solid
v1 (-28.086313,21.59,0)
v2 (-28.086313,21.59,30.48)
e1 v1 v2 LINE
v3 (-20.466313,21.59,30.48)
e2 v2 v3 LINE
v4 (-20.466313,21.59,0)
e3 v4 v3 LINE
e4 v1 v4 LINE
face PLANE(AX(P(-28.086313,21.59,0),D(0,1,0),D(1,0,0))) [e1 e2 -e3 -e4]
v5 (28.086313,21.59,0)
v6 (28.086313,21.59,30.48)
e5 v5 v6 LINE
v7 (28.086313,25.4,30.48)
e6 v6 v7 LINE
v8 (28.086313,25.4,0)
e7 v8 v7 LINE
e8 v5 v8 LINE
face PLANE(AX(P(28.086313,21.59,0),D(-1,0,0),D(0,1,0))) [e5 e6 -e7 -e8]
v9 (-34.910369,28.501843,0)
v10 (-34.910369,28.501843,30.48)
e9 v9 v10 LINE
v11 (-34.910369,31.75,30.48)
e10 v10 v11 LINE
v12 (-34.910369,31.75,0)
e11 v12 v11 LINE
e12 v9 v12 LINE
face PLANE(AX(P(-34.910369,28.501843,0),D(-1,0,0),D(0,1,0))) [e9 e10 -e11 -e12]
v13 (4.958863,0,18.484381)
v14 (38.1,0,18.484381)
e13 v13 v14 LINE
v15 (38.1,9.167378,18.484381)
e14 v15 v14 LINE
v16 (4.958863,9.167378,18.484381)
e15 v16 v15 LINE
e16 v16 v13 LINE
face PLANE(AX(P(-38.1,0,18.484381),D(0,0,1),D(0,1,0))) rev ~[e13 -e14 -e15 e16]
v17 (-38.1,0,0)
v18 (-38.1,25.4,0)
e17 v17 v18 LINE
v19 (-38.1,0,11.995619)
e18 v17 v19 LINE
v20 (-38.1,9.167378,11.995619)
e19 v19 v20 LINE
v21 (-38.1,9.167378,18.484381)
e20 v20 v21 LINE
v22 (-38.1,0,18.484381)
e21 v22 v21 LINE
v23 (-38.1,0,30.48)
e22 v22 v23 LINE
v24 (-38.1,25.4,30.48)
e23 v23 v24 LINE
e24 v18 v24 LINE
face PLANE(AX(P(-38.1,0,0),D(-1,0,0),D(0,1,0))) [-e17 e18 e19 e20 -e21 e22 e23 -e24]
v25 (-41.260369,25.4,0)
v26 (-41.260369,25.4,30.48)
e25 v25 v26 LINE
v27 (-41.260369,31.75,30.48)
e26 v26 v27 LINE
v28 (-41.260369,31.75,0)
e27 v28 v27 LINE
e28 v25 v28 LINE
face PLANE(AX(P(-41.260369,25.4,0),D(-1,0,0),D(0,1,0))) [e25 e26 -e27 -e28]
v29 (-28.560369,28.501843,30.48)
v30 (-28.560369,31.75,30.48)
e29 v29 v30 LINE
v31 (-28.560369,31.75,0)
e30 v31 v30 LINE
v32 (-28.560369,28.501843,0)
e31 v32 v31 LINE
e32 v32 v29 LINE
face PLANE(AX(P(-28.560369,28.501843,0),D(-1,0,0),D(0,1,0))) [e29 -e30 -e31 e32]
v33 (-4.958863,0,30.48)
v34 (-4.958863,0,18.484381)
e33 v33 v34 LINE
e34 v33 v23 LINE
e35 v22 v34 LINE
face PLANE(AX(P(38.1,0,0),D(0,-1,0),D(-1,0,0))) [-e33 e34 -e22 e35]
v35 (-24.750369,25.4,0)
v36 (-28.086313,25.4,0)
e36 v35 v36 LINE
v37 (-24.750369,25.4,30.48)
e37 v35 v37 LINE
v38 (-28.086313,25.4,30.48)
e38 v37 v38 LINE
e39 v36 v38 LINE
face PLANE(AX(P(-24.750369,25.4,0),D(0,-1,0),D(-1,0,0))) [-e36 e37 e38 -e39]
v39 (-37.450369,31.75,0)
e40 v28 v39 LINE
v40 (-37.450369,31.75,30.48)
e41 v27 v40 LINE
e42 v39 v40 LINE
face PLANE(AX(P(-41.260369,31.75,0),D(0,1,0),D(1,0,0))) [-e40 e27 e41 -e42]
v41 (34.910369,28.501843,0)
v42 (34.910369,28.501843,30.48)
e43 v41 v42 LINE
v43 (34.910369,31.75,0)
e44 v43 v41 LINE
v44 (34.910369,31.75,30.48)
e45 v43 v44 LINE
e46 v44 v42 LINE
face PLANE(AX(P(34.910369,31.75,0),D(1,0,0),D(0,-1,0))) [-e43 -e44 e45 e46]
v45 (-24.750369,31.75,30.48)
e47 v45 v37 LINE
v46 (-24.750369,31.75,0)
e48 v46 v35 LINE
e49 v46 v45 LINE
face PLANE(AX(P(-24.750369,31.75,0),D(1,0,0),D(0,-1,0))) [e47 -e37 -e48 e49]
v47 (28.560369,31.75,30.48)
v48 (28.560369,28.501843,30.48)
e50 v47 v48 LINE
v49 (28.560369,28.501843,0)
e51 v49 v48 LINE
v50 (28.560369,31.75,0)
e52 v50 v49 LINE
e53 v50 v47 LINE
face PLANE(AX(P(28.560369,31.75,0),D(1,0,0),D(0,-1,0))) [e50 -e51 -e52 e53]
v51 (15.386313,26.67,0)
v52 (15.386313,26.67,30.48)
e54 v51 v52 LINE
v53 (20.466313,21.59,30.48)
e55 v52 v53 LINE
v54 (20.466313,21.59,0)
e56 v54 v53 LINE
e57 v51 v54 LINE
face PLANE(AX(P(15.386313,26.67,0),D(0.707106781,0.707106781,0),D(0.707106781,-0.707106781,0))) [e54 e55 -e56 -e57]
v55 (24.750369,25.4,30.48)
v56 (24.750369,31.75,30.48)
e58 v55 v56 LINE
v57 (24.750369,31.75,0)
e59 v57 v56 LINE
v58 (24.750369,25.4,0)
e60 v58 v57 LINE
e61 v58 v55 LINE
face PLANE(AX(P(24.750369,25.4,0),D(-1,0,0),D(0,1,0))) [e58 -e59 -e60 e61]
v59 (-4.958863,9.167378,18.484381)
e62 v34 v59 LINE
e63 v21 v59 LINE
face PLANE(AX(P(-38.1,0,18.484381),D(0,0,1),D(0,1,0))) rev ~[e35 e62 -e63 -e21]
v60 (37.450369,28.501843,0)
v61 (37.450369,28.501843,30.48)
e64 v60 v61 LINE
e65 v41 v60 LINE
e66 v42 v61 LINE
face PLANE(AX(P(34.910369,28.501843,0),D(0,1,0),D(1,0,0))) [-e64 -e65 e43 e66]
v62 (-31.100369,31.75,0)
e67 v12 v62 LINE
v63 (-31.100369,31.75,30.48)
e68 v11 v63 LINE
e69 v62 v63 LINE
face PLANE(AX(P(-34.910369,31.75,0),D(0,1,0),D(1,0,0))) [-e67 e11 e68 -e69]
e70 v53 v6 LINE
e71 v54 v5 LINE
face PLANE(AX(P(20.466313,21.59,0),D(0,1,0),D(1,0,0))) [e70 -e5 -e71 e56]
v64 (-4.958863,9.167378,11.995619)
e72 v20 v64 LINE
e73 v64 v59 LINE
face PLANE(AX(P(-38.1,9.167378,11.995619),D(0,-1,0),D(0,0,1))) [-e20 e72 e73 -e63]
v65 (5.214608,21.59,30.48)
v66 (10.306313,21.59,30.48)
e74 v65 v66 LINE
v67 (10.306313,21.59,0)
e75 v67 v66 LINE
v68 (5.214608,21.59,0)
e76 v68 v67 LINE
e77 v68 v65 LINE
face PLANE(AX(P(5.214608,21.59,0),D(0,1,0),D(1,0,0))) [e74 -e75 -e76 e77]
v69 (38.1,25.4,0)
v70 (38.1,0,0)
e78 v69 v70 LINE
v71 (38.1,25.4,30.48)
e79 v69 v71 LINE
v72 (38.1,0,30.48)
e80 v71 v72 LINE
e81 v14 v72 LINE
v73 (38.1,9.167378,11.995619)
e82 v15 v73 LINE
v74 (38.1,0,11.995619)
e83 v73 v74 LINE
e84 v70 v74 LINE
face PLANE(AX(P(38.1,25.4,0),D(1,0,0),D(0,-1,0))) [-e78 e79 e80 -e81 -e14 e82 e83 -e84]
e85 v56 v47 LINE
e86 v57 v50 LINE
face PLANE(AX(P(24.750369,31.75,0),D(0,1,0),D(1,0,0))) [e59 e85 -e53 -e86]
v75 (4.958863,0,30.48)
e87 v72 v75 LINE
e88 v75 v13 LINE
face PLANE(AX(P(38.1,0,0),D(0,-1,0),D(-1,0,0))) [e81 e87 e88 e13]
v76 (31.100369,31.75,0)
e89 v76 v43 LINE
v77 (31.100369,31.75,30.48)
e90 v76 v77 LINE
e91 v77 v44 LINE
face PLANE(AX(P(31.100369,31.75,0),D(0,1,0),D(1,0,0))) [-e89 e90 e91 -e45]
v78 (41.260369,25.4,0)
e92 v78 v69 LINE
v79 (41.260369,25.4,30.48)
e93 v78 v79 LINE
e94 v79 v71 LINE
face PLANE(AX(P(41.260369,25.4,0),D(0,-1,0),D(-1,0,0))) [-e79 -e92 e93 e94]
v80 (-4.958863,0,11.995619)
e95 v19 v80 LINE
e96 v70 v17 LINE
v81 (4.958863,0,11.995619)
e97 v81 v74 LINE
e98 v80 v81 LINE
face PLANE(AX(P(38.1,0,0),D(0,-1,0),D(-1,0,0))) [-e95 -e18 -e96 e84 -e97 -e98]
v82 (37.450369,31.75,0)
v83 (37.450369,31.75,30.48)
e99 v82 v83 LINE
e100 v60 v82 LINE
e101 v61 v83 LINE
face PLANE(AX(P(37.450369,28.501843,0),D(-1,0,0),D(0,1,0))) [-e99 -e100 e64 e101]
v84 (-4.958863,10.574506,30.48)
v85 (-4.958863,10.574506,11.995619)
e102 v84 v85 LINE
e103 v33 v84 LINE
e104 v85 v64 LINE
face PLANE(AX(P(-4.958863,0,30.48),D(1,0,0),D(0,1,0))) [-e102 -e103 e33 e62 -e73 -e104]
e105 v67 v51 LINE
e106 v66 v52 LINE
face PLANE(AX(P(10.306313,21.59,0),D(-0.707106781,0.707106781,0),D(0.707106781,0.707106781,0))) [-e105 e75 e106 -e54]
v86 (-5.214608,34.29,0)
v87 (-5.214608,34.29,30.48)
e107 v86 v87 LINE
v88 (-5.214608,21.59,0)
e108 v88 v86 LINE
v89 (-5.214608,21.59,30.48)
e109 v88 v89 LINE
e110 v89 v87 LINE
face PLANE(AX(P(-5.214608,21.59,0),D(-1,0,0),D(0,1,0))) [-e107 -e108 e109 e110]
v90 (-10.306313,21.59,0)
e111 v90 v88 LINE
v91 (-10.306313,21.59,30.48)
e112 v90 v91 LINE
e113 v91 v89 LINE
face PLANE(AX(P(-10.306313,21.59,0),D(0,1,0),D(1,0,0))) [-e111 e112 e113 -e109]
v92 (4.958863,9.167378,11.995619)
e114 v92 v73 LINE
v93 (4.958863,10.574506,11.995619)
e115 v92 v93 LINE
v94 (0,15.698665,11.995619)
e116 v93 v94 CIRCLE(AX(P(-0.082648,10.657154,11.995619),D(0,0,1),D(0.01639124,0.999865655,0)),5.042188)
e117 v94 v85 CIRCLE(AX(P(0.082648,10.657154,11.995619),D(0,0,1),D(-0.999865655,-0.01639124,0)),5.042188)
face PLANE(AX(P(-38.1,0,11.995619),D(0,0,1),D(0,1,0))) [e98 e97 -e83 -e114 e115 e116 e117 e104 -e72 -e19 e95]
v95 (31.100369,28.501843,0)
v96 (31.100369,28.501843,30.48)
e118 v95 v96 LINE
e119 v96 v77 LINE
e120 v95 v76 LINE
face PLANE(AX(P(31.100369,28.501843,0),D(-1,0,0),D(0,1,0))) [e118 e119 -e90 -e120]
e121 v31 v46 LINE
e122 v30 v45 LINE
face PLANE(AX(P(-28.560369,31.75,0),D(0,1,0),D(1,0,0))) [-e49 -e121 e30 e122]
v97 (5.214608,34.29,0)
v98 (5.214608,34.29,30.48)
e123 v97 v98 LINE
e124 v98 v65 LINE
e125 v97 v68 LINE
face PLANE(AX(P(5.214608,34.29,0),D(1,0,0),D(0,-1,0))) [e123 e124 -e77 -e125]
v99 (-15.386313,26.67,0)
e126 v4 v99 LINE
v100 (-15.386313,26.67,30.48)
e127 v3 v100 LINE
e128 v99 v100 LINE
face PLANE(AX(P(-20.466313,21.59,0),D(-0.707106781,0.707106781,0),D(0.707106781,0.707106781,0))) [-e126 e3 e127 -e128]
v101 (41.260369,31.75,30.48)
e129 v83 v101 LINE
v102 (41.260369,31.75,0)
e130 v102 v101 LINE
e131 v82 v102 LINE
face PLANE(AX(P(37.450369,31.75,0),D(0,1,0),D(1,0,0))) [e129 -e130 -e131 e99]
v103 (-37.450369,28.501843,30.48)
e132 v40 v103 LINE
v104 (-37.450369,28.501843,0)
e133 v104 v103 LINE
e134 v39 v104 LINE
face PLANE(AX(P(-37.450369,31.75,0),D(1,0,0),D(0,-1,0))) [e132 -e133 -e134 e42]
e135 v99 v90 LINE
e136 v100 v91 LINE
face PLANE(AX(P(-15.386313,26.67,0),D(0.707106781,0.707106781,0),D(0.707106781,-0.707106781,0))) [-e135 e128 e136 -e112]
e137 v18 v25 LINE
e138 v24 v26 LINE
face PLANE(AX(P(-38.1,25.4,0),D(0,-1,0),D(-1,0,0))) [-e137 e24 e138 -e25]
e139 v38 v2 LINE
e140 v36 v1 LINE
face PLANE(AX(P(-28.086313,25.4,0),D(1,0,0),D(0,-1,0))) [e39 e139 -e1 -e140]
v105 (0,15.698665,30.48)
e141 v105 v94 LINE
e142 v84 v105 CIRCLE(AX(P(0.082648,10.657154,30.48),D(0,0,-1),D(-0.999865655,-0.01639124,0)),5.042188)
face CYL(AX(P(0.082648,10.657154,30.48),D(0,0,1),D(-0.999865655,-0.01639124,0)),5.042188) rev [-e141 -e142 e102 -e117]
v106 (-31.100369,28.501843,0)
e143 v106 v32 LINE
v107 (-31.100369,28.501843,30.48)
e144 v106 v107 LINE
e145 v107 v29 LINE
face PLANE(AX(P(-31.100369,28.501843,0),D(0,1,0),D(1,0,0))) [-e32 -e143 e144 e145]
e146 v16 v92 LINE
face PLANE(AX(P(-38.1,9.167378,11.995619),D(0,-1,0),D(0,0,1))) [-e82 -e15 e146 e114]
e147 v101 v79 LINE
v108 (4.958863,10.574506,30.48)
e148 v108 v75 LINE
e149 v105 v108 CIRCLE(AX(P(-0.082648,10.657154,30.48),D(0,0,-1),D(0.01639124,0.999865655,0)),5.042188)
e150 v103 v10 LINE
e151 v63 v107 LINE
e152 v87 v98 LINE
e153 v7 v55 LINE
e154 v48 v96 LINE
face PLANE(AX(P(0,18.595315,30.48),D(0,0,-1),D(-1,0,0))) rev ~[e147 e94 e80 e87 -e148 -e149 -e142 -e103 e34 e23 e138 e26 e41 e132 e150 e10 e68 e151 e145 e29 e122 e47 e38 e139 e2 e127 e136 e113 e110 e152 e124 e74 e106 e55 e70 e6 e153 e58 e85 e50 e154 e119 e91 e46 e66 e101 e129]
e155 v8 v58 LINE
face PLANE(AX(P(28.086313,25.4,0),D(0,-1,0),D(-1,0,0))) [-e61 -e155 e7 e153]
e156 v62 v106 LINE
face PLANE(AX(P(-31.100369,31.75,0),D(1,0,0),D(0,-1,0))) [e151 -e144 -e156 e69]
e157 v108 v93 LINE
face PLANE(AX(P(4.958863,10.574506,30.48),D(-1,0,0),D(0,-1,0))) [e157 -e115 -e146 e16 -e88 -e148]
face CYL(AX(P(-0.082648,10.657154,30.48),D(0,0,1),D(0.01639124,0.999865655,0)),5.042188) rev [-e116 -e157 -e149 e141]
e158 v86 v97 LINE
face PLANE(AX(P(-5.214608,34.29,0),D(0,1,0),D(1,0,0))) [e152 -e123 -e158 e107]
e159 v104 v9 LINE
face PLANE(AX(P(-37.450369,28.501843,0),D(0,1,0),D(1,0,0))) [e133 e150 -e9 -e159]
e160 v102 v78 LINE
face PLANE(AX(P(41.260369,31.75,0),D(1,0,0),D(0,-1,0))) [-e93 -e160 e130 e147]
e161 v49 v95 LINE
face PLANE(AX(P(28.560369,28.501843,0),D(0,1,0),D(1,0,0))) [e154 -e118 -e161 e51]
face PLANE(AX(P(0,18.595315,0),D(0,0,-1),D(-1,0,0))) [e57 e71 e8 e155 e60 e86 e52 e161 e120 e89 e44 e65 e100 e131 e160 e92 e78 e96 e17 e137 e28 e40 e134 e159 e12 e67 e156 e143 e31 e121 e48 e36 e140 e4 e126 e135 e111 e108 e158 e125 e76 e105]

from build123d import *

# Parameters (mm, degrees)
BOSS_EXTRUDE1_DEPTH = 30.48
SKETCH4_W           = 6.48876247
SKETCH4_H           = 9.167377647
CUT_EXTRUDE2_DEPTH  = 92.667347591
CUT_EXTRUDE3_REACH  = 63.703


with BuildPart() as part:
    # Sketch1 → Boss-Extrude1 (new body)
    with BuildSketch(Plane.XY):
        Polygon((38.1, 0), (-38.1, 0), (-38.1, 25.4), (-41.260368664, 25.4), (-41.260368664, 31.75), (-37.450368664, 31.75), (-37.450368664, 28.501843318), (-34.910368664, 28.501843318), (-34.910368664, 31.75), (-31.100368664, 31.75), (-31.100368664, 28.501843318), (-28.560368664, 28.501843318), (-28.560368664, 31.75), (-24.750368664, 31.75), (-24.750368664, 25.4), (-28.086313364, 25.4), (-28.086313364, 21.59), (-20.466313364, 21.59), (-15.386313364, 26.67), (-10.306313364, 21.59), (-5.214608295, 21.59), (-5.214608295, 34.29), (5.214608295, 34.29), (5.214608295, 21.59), (10.306313364, 21.59), (15.386313364, 26.67), (20.466313364, 21.59), (28.086313364, 21.59), (28.086313364, 25.4), (24.750368664, 25.4), (24.750368664, 31.75), (28.560368664, 31.75), (28.560368664, 28.501843318), (31.100368664, 28.501843318), (31.100368664, 31.75), (34.910368664, 31.75), (34.910368664, 28.501843318), (37.450368664, 28.501843318), (37.450368664, 31.75), (41.260368664, 31.75), (41.260368664, 25.4), (38.1, 25.4), align=None)
    extrude(amount=BOSS_EXTRUDE1_DEPTH)

    # Sketch4 → Cut-Extrude2 (cut, through all)
    with BuildSketch(Plane.ZY.offset(38.1)):
        with Locations((15.24, 4.583688824)):
            Rectangle(SKETCH4_W, SKETCH4_H)
    extrude(amount=-CUT_EXTRUDE2_DEPTH, mode=Mode.SUBTRACT)

    # Cut-Extrude3: up to this face of the body (flat: up to its plane)
    cut_extrude3_end = Plane(part.part.faces().sort_by_distance((0, 4.583688824, 11.995618765))[0])
    # Sketch2<3> → Cut-Extrude3 (cut, up to the picked face)
    with BuildSketch(Plane.XY.offset(30.48), mode=Mode.PRIVATE) as cut_extrude3_sk1:
        with BuildLine():
            Line((4.958863186, 0), (-4.958863186, 0))
            Line((-4.958863186, 0), (-4.958863186, 10.574506278))
            ThreePointArc((-4.958863186, 10.574506278), (-3.540679592, 14.163599784), (0, 15.698664904))
            ThreePointArc((0, 15.698664904), (3.540679592, 14.163599784), (4.958863186, 10.574506278))
            Line((4.958863186, 10.574506278), (4.958863186, 0))
        make_face()
    cut_extrude3_tool1 = split(extrude(cut_extrude3_sk1.sketch, amount=-CUT_EXTRUDE3_REACH, mode=Mode.PRIVATE), bisect_by=cut_extrude3_end, keep=Keep.BOTH, mode=Mode.PRIVATE)
    add(cut_extrude3_tool1.solids().sort_by(Axis((0, 7.343248, 30.48), (0, 0, -1)))[0], mode=Mode.SUBTRACT)


solid = part.part
